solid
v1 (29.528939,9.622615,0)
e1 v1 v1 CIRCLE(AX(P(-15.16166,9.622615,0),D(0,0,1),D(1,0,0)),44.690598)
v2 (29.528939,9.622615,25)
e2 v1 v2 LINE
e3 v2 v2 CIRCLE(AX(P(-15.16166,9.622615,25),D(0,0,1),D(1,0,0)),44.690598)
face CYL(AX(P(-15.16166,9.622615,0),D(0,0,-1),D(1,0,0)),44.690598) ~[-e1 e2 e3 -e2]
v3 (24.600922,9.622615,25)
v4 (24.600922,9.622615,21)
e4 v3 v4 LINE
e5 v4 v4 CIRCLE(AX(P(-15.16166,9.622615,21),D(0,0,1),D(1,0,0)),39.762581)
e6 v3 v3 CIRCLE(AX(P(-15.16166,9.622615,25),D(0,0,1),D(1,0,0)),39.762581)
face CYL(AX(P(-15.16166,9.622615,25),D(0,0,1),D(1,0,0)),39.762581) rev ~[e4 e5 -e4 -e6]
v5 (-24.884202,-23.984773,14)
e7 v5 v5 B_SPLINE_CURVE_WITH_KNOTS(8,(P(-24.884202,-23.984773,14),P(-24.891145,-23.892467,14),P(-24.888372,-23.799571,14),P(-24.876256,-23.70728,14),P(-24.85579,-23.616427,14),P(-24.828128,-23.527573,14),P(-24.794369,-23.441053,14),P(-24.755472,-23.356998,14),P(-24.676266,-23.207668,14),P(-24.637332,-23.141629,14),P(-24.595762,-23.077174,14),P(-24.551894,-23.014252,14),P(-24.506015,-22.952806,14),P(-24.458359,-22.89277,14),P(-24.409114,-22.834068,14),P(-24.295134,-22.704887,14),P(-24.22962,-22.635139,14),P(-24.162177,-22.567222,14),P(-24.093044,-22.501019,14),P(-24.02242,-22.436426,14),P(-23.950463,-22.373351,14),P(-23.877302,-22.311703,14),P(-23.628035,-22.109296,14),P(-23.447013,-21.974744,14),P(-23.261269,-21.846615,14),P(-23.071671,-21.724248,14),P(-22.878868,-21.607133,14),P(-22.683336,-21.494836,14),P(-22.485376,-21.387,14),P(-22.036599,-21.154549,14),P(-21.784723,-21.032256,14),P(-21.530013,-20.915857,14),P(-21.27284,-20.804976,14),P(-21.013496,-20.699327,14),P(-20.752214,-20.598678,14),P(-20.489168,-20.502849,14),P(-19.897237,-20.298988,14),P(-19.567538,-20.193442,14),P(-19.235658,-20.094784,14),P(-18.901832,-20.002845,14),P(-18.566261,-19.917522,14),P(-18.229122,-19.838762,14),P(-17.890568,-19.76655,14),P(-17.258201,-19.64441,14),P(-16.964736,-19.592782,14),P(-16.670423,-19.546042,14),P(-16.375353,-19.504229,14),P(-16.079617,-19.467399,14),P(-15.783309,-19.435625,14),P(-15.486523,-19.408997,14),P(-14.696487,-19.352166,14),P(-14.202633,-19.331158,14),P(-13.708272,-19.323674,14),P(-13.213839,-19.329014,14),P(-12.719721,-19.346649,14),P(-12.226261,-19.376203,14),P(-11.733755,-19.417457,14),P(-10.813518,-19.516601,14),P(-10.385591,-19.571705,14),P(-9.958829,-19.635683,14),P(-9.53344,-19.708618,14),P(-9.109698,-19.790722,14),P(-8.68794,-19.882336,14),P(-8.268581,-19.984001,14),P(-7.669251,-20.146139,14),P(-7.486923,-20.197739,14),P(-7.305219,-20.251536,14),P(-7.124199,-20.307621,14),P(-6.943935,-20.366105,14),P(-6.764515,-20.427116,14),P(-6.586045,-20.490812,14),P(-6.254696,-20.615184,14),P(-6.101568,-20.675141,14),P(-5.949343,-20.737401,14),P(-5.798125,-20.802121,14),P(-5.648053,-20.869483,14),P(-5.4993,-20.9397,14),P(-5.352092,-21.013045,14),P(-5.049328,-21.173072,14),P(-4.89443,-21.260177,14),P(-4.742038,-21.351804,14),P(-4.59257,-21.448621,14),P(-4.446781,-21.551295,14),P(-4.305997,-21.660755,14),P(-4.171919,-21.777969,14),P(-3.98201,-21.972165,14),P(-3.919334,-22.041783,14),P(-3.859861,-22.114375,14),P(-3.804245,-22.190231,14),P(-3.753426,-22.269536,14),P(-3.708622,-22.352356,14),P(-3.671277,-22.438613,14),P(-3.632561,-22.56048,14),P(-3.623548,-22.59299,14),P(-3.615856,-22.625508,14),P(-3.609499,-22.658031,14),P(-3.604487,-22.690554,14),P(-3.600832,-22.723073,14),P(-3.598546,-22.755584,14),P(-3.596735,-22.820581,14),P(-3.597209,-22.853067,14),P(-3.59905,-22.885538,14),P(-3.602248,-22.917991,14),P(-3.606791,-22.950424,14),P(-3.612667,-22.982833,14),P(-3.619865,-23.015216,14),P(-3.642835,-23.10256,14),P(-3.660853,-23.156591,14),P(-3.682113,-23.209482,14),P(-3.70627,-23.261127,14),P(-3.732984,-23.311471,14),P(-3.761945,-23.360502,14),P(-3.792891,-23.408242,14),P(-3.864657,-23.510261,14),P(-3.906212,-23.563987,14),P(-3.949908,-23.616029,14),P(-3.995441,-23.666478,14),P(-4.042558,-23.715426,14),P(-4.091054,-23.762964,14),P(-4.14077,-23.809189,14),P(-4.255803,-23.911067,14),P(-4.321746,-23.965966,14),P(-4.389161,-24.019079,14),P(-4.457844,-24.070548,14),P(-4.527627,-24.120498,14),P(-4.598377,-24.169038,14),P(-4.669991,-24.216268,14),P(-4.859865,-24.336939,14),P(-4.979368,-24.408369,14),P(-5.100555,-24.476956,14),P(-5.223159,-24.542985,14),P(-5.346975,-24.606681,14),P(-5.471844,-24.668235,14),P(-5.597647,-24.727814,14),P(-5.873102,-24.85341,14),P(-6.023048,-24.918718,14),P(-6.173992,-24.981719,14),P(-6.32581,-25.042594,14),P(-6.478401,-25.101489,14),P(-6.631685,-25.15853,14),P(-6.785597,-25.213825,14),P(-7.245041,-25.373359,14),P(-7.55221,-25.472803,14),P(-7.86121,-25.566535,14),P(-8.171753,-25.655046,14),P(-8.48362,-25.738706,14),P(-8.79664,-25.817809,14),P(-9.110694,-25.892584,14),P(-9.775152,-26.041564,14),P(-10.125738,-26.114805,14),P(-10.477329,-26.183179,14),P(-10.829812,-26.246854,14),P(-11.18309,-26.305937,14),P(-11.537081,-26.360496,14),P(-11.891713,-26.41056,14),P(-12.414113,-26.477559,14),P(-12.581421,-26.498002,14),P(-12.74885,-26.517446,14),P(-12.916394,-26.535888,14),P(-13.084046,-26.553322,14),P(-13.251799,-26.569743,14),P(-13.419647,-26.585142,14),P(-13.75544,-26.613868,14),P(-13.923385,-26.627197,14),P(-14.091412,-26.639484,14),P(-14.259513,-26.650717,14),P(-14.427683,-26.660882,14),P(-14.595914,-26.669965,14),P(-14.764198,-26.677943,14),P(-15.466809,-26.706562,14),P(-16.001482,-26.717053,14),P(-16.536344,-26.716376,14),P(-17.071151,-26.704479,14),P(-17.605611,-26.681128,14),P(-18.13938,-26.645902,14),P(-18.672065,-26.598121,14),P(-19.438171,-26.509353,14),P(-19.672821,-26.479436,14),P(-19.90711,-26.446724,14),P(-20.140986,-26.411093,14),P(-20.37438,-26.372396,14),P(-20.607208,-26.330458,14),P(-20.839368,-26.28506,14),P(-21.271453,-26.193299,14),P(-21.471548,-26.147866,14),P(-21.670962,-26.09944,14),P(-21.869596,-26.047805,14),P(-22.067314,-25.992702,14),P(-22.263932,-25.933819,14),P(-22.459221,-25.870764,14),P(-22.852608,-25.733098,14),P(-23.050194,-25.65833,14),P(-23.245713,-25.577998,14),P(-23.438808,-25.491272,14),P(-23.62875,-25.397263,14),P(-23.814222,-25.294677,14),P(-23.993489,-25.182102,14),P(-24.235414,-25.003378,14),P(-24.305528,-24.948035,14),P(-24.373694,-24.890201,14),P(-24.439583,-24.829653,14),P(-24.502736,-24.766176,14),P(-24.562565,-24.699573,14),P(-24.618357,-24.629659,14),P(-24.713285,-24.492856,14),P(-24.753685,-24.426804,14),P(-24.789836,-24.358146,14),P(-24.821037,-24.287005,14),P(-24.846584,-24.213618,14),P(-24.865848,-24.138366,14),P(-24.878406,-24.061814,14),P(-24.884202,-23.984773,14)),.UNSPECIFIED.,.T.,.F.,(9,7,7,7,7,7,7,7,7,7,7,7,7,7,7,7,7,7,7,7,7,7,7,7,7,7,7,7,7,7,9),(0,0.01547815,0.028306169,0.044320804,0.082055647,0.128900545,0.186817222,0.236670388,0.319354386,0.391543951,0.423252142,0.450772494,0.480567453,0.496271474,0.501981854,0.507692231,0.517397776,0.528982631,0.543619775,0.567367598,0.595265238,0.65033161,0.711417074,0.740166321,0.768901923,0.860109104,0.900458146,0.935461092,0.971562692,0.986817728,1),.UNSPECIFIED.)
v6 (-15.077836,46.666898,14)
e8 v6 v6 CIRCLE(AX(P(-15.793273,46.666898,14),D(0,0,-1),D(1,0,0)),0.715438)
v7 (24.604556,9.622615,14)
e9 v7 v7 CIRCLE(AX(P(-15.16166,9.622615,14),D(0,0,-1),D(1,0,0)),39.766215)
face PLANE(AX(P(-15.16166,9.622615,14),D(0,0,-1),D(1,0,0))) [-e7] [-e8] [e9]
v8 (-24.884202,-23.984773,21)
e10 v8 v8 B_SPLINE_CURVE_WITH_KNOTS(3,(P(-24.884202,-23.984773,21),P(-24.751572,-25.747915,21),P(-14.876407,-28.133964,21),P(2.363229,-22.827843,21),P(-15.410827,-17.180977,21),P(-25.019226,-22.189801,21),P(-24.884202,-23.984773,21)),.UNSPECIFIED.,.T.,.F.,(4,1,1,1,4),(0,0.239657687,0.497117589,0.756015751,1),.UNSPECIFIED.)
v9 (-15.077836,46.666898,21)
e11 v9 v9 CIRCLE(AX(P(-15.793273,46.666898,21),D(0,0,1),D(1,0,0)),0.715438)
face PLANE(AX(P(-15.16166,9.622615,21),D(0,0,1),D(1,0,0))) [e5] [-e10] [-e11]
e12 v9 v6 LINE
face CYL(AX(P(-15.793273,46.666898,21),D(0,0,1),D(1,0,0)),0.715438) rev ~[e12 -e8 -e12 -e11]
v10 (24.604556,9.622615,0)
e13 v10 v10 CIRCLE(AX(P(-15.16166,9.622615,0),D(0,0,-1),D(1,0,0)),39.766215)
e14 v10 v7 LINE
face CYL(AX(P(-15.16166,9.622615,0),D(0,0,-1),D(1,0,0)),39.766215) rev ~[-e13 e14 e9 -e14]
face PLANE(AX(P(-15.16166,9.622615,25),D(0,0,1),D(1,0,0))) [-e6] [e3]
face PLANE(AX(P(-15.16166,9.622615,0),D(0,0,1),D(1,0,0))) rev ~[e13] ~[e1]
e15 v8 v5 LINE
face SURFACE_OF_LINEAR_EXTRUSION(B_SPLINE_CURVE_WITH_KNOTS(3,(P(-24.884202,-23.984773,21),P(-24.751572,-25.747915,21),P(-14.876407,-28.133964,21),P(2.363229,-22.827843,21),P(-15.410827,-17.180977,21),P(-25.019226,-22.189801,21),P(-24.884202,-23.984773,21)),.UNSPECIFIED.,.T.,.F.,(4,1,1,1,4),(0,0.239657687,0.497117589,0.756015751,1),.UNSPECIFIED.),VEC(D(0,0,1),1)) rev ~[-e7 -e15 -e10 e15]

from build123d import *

# Parameters (mm, degrees)
F0_R     = 44.6905983142
F1_DEPTH = 25
F2_R     = 39.7625811832
F3_DEPTH = 4
F5_DEPTH = 21.001
F6_R     = 0.7154375695
F7_DEPTH = 21.0010001
F8_R     = 39.7662150712
F8_R_2   = 0.7154375695
F9_DEPTH = 14


with BuildPart() as f1:
    # F0 (on Top) → F1 (new body)
    with BuildSketch(Plane.XY):
        with Locations((-15.1616595685, 9.6226148307)):
            Circle(F0_R)
    extrude(amount=F1_DEPTH)

    # F2 (on face) → F3 (cut)
    with BuildSketch(Plane.XY.offset(25)):
        with Locations((-15.1616595685, 9.6226148307)):
            Circle(F2_R)
    extrude(amount=-F3_DEPTH, mode=Mode.SUBTRACT)

    # F4 (on face) → F5 (cut, through all)
    with BuildSketch(Plane.XY.offset(21)):
        with BuildLine():
            add(Edge.make_bspline(
                [(-24.8842015862, -23.9847730845), (-24.751571743, -25.7479147281), (-14.8764070104, -28.1339639947), (2.363229172, -22.8278430113), (-15.4108273297, -17.1809770311), (-25.0192258083, -22.1898012822), (-24.8842015862, -23.9847730845)],
                knots=[0, 0, 0, 0, 0.2396576866, 0.4971175886, 0.7560157511, 1, 1, 1, 1], degree=3))
        make_face()
    extrude(amount=-F5_DEPTH, mode=Mode.SUBTRACT)

    # F6 (on face) → F7 (cut, through all)
    with BuildSketch(Plane.XY.offset(21)):
        with Locations((-15.7932732254, 46.6668978333)):
            Circle(F6_R)
    extrude(amount=-F7_DEPTH, mode=Mode.SUBTRACT)

    # F8 (on face) → F9 (cut)
    with BuildSketch(Plane(origin=(0, 0, 0), x_dir=(1, 0, 0), z_dir=(0, 0, -1))):
        with Locations((-15.1616595685, -9.6226148307)):
            Circle(F8_R)
        with Locations((-15.7932732254, -46.6668978333)):
            Circle(F8_R_2, mode=Mode.SUBTRACT)
        with BuildLine():
            add(Edge.make_bspline(
                [(-24.8842015862, 23.9847730845), (-24.8911452084, 23.8924666388), (-24.888371728, 23.799570827), (-24.8762555423, 23.7072804576), (-24.855790455, 23.6164271336), (-24.8281284381, 23.5275727498), (-24.7943692309, 23.4410534624), (-24.7554721282, 23.3569978115), (-24.6762660636, 23.2076683313), (-24.6373321353, 23.141629018), (-24.5957616183, 23.0771739055), (-24.5518941434, 23.0142517205), (-24.5060146802, 22.9528055987), (-24.4583585563, 22.8927697396), (-24.4091136917, 22.8340678621), (-24.2951335725, 22.7048867825), (-24.2296199391, 22.6351387447), (-24.1621765597, 22.5672221501), (-24.0930442899, 22.5010185723), (-24.0224196237, 22.4364260325), (-23.9504628247, 22.3733507123), (-23.8773019966, 22.3117027052), (-23.6280353269, 22.1092963253), (-23.4470131486, 21.9747437686), (-23.2612685118, 21.8466153281), (-23.0716712534, 21.7242481532), (-22.87886828, 21.6071333648), (-22.6833359387, 21.4948360767), (-22.4853761009, 21.3869997408), (-22.0365992692, 21.1545493655), (-21.7847229546, 21.0322559578), (-21.5300131244, 20.9158571469), (-21.2728395726, 20.8049762518), (-21.0134959265, 20.6993265457), (-20.7522141353, 20.5986781439), (-20.4891682368, 20.502849378), (-19.8972368304, 20.2989876643), (-19.5675375394, 20.1934415753), (-19.2356580968, 20.0947838468), (-18.9018320844, 20.0028445839), (-18.5662614795, 19.9175220072), (-18.2291224443, 19.838762292), (-17.8905679312, 19.7665502585), (-17.2582009761, 19.6444102678), (-16.964736384, 19.5927818802), (-16.6704234935, 19.5460424355), (-16.3753531794, 19.5042292364), (-16.0796172889, 19.4673986596), (-15.7833089045, 19.4356246154), (-15.4865226065, 19.4089970085), (-14.6964867848, 19.3521656766), (-14.2026325717, 19.3311579491), (-13.7082719853, 19.323673936), (-13.2138389543, 19.3290136415), (-12.7197212313, 19.3466491477), (-12.2262608224, 19.3762031344), (-11.7337550637, 19.4174569261), (-10.813518073, 19.5166010712), (-10.3855908509, 19.5717051597), (-9.9588285875, 19.6356829877), (-9.5334400248, 19.7086182547), (-9.109697804, 19.7907216797), (-8.6879395492, 19.8823360076), (-8.2685809043, 19.9840006907), (-7.6692511074, 20.1461394501), (-7.4869229926, 20.197739325), (-7.305219405, 20.2515355676), (-7.1241991626, 20.3076214003), (-6.9439349033, 20.3661052757), (-6.7645147562, 20.4271160266), (-6.5860453938, 20.4908121068), (-6.254696052, 20.6151838585), (-6.1015679798, 20.6751409609), (-5.9493429971, 20.7374007127), (-5.7981254711, 20.8021210424), (-5.6480527105, 20.8694825334), (-5.4993000619, 20.9396997859), (-5.352091776, 21.0130449311), (-5.049328083, 21.1730724882), (-4.8944301935, 21.2601773381), (-4.7420379458, 21.351804078), (-4.5925696804, 21.4486212058), (-4.4467809482, 21.5512951436), (-4.3059967032, 21.6607552403), (-4.171918878, 21.7779694123), (-3.9820103602, 21.9721649834), (-3.91933381, 22.0417830638), (-3.859860511, 22.1143746793), (-3.8042449113, 22.190231403), (-3.7534261664, 22.2695356098), (-3.7086220132, 22.352355558), (-3.6712765509, 22.4386130462), (-3.6325609686, 22.5604796694), (-3.6235475081, 22.592989586), (-3.6158562116, 22.625508139), (-3.6094987647, 22.6580310997), (-3.6044868395, 22.690554248), (-3.6008320948, 22.7230733726), (-3.5985461757, 22.7555842705), (-3.5967352526, 22.8205812138), (-3.5972089492, 22.8530673208), (-3.5990503765, 22.8855383141), (-3.6022481072, 22.9179914392), (-3.6067907142, 22.9504239415), (-3.6126667703, 22.9828330664), (-3.619864848, 23.0152160594), (-3.6428351371, 23.102560259), (-3.6608525682, 23.1565906194), (-3.6821125308, 23.2094824212), (-3.7062697452, 23.2611273323), (-3.7329838201, 23.3114710781), (-3.7619452523, 23.3605016698), (-3.7928905413, 23.408242296), (-3.8646571625, 23.5102606567), (-3.9062117551, 23.5639870404), (-3.949907681, 23.6160285277), (-3.995440574, 23.6664779113), (-4.0425578215, 23.7154257906), (-4.0910543201, 23.7629642703), (-4.140770382, 23.8091888469), (-4.2558032479, 23.9110669108), (-4.3217455541, 23.9659664387), (-4.3891611489, 24.0190785563), (-4.4578435397, 24.070548321), (-4.5276265311, 24.120498277), (-4.5983770003, 24.1690378707), (-4.6699912206, 24.2162683608), (-4.8598647658, 24.3369393694), (-4.979368245, 24.4083687716), (-5.1005551521, 24.4769559223), (-5.2231590563, 24.5429853098), (-5.3469747233, 24.606681357), (-5.4718435874, 24.6682345898), (-5.5976470884, 24.7278140349), (-5.8731020203, 24.8534095069), (-6.0230481389, 24.9187177349), (-6.1739919373, 24.9817193826), (-6.3258095179, 25.0425942529), (-6.4784007471, 25.1014892666), (-6.6316847131, 25.1585296043), (-6.7855972746, 25.2138248228), (-7.2450409477, 25.3733585476), (-7.5522097036, 25.4728034138), (-7.8612095316, 25.5665353033), (-8.1717534402, 25.6550457013), (-8.4836197787, 25.7387057177), (-8.7966397248, 25.8178093289), (-9.1106941619, 25.8925843063), (-9.7751521214, 26.0415643167), (-10.1257377207, 26.1148049283), (-10.4773290394, 26.1831793836), (-10.8298122723, 26.2468536908), (-11.1830903824, 26.3059373134), (-11.5370805939, 26.3604964973), (-11.8917133021, 26.410560103), (-12.4141126322, 26.4775592691), (-12.5814208468, 26.4980023592), (-12.7488502783, 26.517446117), (-12.916394228, 26.535887619), (-13.0840460673, 26.5533221125), (-13.2517992377, 26.569743015), (-13.4196472511, 26.5851419147), (-13.755440419, 26.6138684058), (-13.9233852036, 26.6271967172), (-14.0914117258, 26.6394844457), (-14.2595133059, 26.6507169279), (-14.4276829989, 26.6608821201), (-14.5959136343, 26.6699648285), (-14.7641978026, 26.6779426226), (-15.4668094045, 26.7065616899), (-16.0014815913, 26.717052595), (-16.5363439033, 26.7163761275), (-17.0711513874, 26.7044794526), (-17.6056107666, 26.6811276526), (-18.1393801372, 26.6459021949), (-18.6720648144, 26.5981210663), (-19.4381711152, 26.509353217), (-19.6728205121, 26.4794361441), (-19.9071102034, 26.4467241944), (-20.1409861033, 26.4110930398), (-20.374379842, 26.3723961579), (-20.607207594, 26.3304577799), (-20.8393678801, 26.2850600584), (-21.2714530924, 26.1932991389), (-21.4715479801, 26.1478661938), (-21.6709615908, 26.0994400371), (-21.8695961986, 26.0478050892), (-22.067313537, 25.9927020038), (-22.2639323316, 25.9338188721), (-22.4592205165, 25.8707637255), (-22.8526079279, 25.7330984996), (-23.0501942229, 25.658329585), (-23.2457129866, 25.5779976939), (-23.4388079377, 25.4912718478), (-23.6287503173, 25.3972628999), (-23.8142215655, 25.2946773515), (-23.993488719, 25.1821020816), (-24.2354137555, 25.0033783334), (-24.305527566, 24.9480349583), (-24.3736940108, 24.890201273), (-24.4395833556, 24.8296527893), (-24.5027360604, 24.7661764981), (-24.5625646396, 24.6995727976), (-24.6183569307, 24.6296586324), (-24.7132853809, 24.4928564182), (-24.7536853284, 24.4268044353), (-24.7898357294, 24.358145571), (-24.8210372692, 24.2870046025), (-24.8465837183, 24.2136183714), (-24.8658479214, 24.138366296), (-24.8784062595, 24.0618144324), (-24.8842015862, 23.9847730845)],
                knots=[0, 0, 0, 0, 0, 0, 0, 0, 0, 0.0154781502, 0.0154781502, 0.0154781502, 0.0154781502, 0.0154781502, 0.0154781502, 0.0154781502, 0.0283061693, 0.0283061693, 0.0283061693, 0.0283061693, 0.0283061693, 0.0283061693, 0.0283061693, 0.0443208042, 0.0443208042, 0.0443208042, 0.0443208042, 0.0443208042, 0.0443208042, 0.0443208042, 0.0820556467, 0.0820556467, 0.0820556467, 0.0820556467, 0.0820556467, 0.0820556467, 0.0820556467, 0.1289005454, 0.1289005454, 0.1289005454, 0.1289005454, 0.1289005454, 0.1289005454, 0.1289005454, 0.1868172217, 0.1868172217, 0.1868172217, 0.1868172217, 0.1868172217, 0.1868172217, 0.1868172217, 0.2366703877, 0.2366703877, 0.2366703877, 0.2366703877, 0.2366703877, 0.2366703877, 0.2366703877, 0.3193543861, 0.3193543861, 0.3193543861, 0.3193543861, 0.3193543861, 0.3193543861, 0.3193543861, 0.3915439512, 0.3915439512, 0.3915439512, 0.3915439512, 0.3915439512, 0.3915439512, 0.3915439512, 0.4232521415, 0.4232521415, 0.4232521415, 0.4232521415, 0.4232521415, 0.4232521415, 0.4232521415, 0.4507724944, 0.4507724944, 0.4507724944, 0.4507724944, 0.4507724944, 0.4507724944, 0.4507724944, 0.4805674531, 0.4805674531, 0.4805674531, 0.4805674531, 0.4805674531, 0.4805674531, 0.4805674531, 0.496271474, 0.496271474, 0.496271474, 0.496271474, 0.496271474, 0.496271474, 0.496271474, 0.5019818537, 0.5019818537, 0.5019818537, 0.5019818537, 0.5019818537, 0.5019818537, 0.5019818537, 0.5076922315, 0.5076922315, 0.5076922315, 0.5076922315, 0.5076922315, 0.5076922315, 0.5076922315, 0.5173977756, 0.5173977756, 0.5173977756, 0.5173977756, 0.5173977756, 0.5173977756, 0.5173977756, 0.5289826305, 0.5289826305, 0.5289826305, 0.5289826305, 0.5289826305, 0.5289826305, 0.5289826305, 0.5436197749, 0.5436197749, 0.5436197749, 0.5436197749, 0.5436197749, 0.5436197749, 0.5436197749, 0.5673675977, 0.5673675977, 0.5673675977, 0.5673675977, 0.5673675977, 0.5673675977, 0.5673675977, 0.5952652382, 0.5952652382, 0.5952652382, 0.5952652382, 0.5952652382, 0.5952652382, 0.5952652382, 0.6503316105, 0.6503316105, 0.6503316105, 0.6503316105, 0.6503316105, 0.6503316105, 0.6503316105, 0.7114170742, 0.7114170742, 0.7114170742, 0.7114170742, 0.7114170742, 0.7114170742, 0.7114170742, 0.7401663215, 0.7401663215, 0.7401663215, 0.7401663215, 0.7401663215, 0.7401663215, 0.7401663215, 0.7689019232, 0.7689019232, 0.7689019232, 0.7689019232, 0.7689019232, 0.7689019232, 0.7689019232, 0.8601091042, 0.8601091042, 0.8601091042, 0.8601091042, 0.8601091042, 0.8601091042, 0.8601091042, 0.9004581455, 0.9004581455, 0.9004581455, 0.9004581455, 0.9004581455, 0.9004581455, 0.9004581455, 0.9354610916, 0.9354610916, 0.9354610916, 0.9354610916, 0.9354610916, 0.9354610916, 0.9354610916, 0.9715626919, 0.9715626919, 0.9715626919, 0.9715626919, 0.9715626919, 0.9715626919, 0.9715626919, 0.9868177281, 0.9868177281, 0.9868177281, 0.9868177281, 0.9868177281, 0.9868177281, 0.9868177281, 1, 1, 1, 1, 1, 1, 1, 1, 1], degree=8))
        make_face(mode=Mode.SUBTRACT)
    extrude(amount=-F9_DEPTH, mode=Mode.SUBTRACT)


solid = f1.part
